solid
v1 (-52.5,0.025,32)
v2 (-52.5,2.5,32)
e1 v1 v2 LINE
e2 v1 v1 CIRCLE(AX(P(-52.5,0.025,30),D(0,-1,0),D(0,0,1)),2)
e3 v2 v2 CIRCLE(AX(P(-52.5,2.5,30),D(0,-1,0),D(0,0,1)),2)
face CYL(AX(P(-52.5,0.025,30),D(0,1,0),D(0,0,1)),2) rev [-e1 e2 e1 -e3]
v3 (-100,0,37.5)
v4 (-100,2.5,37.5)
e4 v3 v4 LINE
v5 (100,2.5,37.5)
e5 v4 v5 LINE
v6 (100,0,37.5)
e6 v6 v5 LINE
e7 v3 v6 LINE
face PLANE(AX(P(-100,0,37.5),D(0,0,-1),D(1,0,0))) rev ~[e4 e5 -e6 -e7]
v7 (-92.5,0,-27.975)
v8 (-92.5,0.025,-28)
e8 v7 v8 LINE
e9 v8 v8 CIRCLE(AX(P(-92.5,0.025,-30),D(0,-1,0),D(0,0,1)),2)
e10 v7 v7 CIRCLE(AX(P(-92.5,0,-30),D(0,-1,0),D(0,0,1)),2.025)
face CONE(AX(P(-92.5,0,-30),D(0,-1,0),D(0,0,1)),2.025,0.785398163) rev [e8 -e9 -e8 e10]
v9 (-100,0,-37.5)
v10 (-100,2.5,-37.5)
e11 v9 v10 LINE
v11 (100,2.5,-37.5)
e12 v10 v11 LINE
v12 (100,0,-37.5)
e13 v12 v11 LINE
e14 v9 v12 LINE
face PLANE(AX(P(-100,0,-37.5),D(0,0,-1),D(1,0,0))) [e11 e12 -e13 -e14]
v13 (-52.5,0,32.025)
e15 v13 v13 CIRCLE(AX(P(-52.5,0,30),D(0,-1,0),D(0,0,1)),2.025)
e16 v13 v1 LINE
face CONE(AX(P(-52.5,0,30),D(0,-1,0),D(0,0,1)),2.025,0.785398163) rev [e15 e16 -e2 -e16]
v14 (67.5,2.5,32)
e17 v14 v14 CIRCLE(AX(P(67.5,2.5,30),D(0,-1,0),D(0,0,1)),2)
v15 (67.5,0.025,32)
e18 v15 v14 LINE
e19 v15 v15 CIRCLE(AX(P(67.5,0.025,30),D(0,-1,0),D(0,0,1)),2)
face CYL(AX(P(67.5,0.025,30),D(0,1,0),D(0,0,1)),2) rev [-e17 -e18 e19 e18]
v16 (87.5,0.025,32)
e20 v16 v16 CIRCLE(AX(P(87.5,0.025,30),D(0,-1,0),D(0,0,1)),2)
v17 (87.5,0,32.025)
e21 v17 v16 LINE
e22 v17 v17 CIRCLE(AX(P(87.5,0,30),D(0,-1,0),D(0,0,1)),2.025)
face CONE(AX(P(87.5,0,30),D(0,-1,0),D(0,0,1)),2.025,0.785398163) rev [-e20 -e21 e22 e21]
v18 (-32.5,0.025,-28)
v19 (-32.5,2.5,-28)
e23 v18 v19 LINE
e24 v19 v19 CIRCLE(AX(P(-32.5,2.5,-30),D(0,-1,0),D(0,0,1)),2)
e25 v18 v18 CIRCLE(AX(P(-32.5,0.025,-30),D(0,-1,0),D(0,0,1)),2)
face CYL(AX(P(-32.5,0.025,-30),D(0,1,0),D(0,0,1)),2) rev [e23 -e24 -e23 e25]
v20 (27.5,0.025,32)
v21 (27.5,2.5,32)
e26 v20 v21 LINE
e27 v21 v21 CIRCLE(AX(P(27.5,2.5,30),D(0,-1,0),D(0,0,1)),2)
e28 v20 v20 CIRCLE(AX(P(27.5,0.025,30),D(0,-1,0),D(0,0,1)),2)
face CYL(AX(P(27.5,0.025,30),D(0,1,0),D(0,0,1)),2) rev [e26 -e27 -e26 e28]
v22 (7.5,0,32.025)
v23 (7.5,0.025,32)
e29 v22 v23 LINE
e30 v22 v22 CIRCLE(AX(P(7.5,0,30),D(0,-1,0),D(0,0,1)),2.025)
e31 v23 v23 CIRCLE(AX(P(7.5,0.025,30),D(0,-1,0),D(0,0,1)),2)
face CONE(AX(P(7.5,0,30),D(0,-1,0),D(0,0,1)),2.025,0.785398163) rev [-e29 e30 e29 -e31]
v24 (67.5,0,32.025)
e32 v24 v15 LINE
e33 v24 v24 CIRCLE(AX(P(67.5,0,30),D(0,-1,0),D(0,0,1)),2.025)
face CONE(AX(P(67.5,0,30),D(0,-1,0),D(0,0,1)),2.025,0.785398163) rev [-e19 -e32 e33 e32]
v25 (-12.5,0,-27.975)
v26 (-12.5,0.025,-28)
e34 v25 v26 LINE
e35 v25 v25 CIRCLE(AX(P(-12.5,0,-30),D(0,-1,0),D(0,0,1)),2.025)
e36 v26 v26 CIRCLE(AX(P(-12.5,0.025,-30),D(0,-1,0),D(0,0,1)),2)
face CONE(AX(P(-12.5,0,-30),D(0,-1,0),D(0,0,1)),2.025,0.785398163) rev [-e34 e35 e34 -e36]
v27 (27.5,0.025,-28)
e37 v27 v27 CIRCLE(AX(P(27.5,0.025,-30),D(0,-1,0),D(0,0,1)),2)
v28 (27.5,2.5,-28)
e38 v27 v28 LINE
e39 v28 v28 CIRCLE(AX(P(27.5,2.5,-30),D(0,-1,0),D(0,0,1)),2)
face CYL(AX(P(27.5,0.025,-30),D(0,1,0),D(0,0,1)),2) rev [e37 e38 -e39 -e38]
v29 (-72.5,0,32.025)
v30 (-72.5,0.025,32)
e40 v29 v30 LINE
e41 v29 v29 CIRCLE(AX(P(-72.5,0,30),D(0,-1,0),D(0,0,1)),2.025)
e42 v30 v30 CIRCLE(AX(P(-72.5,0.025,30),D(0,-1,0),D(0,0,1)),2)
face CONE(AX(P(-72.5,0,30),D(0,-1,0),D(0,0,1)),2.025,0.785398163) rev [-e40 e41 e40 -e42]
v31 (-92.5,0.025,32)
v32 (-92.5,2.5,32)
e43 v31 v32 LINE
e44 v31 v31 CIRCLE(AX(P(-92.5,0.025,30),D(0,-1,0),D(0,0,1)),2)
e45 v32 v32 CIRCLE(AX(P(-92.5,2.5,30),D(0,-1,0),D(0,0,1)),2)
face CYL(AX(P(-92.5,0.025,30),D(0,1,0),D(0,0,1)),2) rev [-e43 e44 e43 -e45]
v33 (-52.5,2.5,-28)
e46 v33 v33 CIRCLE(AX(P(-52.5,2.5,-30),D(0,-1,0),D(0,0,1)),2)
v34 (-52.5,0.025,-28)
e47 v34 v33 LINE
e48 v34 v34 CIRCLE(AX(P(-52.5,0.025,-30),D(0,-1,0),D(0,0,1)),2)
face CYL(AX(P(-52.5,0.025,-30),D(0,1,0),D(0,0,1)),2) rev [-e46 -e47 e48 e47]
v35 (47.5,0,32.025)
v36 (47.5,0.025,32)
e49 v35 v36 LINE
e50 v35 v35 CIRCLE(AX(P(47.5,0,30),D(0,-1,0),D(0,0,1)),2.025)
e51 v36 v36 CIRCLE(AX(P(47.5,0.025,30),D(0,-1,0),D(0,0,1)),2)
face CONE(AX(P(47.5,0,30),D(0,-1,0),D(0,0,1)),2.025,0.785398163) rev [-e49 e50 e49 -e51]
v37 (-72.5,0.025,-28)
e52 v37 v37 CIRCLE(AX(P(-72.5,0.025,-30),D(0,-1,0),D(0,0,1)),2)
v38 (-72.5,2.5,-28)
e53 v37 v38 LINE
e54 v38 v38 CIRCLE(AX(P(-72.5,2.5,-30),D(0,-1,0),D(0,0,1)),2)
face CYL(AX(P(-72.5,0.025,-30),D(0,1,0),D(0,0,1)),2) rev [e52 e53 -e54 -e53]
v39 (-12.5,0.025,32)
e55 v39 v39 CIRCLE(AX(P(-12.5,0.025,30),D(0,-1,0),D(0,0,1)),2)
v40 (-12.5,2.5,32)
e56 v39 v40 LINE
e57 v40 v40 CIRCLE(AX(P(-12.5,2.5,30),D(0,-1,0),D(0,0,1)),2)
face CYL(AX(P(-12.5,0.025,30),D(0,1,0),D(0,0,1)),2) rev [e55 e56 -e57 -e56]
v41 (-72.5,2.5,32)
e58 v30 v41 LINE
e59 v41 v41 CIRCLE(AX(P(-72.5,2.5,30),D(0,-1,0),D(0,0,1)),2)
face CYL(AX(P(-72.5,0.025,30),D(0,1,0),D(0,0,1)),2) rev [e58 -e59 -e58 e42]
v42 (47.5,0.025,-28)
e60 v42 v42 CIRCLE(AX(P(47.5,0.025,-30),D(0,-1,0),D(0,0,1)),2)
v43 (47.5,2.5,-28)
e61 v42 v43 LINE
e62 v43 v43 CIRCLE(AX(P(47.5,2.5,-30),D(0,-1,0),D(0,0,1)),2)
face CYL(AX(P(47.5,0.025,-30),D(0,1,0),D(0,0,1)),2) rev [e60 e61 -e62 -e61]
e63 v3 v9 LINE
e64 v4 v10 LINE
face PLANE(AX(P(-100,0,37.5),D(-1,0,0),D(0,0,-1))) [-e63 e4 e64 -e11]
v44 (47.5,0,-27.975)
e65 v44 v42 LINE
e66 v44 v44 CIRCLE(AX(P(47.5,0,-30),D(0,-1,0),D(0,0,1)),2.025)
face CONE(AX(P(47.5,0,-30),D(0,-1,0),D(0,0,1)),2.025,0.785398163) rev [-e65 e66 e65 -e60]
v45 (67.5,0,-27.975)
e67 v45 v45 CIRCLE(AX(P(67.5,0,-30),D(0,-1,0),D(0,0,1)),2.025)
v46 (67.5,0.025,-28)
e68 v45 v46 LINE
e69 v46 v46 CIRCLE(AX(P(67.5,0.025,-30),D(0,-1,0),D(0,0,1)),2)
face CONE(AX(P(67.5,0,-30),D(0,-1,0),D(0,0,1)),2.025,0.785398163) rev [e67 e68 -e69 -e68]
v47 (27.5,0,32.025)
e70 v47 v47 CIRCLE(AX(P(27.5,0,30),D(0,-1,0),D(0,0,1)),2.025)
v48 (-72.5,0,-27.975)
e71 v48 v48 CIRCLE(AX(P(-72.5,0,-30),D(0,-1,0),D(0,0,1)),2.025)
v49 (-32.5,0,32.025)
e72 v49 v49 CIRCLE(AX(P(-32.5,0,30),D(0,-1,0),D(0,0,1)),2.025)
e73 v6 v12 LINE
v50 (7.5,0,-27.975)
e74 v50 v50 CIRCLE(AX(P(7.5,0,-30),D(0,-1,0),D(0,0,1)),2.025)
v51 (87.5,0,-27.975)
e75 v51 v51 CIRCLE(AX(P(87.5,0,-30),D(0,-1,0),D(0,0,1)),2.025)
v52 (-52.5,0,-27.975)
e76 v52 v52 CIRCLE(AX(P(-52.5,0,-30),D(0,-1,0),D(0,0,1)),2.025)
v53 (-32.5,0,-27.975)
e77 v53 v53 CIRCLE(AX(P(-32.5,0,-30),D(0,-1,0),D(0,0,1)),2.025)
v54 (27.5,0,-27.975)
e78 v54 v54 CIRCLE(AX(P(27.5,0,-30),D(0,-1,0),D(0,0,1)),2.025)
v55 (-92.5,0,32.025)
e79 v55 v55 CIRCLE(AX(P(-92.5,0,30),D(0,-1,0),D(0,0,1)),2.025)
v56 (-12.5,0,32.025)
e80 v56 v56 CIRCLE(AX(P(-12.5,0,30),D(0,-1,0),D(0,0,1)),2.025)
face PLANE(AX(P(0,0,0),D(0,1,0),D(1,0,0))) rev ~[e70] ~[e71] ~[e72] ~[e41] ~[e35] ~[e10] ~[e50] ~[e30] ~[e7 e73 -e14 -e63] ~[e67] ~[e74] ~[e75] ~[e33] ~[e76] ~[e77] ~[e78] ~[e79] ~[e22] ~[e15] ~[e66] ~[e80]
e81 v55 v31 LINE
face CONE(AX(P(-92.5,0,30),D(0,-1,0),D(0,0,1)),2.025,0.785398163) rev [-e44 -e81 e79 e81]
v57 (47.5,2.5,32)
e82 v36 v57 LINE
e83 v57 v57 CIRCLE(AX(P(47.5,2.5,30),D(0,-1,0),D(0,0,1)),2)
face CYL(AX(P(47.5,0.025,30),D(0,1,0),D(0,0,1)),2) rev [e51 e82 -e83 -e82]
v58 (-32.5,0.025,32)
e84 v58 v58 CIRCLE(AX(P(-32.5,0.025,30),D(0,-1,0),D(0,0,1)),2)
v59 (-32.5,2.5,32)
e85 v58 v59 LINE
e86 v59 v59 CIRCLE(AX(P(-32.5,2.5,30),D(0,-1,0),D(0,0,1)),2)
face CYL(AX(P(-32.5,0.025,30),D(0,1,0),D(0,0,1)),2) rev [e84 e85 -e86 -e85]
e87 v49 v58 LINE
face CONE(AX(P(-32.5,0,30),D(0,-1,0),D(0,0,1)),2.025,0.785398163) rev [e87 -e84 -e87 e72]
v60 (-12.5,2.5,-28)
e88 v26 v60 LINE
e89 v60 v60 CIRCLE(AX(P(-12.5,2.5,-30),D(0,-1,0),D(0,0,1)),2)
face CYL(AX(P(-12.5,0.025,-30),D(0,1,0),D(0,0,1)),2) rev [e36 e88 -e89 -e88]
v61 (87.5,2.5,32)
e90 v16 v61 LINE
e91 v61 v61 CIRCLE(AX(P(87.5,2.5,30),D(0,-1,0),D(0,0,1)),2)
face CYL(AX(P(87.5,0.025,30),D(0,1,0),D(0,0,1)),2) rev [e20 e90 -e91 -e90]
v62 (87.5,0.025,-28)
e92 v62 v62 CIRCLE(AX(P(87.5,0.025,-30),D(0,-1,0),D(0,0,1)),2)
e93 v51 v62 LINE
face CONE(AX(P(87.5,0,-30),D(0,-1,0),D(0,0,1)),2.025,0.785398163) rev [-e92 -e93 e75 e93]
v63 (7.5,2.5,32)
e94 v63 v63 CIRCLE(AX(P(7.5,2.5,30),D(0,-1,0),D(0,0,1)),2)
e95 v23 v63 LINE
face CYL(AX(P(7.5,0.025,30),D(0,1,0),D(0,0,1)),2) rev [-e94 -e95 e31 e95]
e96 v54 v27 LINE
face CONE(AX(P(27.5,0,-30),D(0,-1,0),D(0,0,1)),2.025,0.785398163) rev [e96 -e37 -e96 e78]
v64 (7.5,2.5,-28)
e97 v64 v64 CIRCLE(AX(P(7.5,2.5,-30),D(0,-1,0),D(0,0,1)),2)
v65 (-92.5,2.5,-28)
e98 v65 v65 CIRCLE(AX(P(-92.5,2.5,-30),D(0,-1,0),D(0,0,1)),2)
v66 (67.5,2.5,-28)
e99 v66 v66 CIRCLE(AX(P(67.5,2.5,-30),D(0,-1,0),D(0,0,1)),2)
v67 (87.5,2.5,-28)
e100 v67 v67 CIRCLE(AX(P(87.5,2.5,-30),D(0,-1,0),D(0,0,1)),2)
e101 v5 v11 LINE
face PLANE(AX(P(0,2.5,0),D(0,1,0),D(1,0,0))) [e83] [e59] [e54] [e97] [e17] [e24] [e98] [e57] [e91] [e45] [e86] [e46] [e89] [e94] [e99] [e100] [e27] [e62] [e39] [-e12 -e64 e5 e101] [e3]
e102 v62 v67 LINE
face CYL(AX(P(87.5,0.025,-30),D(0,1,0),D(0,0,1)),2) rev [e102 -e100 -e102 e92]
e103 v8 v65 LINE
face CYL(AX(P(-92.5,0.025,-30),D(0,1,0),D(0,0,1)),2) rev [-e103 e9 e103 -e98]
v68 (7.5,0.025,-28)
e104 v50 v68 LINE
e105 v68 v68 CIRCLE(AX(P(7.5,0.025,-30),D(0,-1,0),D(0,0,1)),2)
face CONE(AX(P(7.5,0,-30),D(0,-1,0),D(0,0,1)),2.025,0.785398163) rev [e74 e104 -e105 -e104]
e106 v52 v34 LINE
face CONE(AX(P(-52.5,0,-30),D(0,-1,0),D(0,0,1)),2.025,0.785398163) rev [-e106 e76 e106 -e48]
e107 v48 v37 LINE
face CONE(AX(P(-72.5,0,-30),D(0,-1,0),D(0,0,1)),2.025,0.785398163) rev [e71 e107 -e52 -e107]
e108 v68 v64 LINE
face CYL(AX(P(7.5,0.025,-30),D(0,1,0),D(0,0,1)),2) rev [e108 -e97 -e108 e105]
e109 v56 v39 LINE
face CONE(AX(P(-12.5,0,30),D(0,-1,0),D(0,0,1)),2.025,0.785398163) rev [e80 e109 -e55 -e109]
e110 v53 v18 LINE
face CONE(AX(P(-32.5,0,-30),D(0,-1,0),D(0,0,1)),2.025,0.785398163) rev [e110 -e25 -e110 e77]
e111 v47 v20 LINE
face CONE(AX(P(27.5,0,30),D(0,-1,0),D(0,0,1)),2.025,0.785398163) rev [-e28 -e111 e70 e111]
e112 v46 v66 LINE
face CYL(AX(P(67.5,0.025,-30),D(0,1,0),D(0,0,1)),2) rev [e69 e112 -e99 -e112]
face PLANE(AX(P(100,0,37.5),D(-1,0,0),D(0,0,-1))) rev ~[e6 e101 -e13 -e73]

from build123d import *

# Parameters (mm, degrees)
SKETCH1_W                      = 200
SKETCH1_H                      = 75
BOSS_EXTRUDE1_DEPTH            = 2.5
F_4_0MM_DOWEL_HOLE1_AT_2_COUNT = 2
F_4_0MM_DOWEL_HOLE1_AT_2_PITCH = 60
LPATTERN1_COUNT                = 10
LPATTERN1_PITCH                = 20


with BuildPart() as part:
    # Sketch1 → Boss-Extrude1 (new body)
    with BuildSketch(Plane(origin=(0, 0, 0), x_dir=(1, 0, 0), z_dir=(0, 1, 0))):
        Rectangle(SKETCH1_W, SKETCH1_H)
    extrude(amount=BOSS_EXTRUDE1_DEPTH)

    # Sketch4 → Ø4.0mm Dowel Hole1 (revolve, cut)
    with BuildSketch(Plane(origin=(-92.5, 2.5, -30), x_dir=(0, 0, 1), z_dir=(1, 0, 0))):
        Polygon((0, 0), (0, 2.5), (2.025, 2.5), (2, 2.475), (2, 0), align=None)
    f_4_0mm_dowel_hole1 = revolve(axis=Axis((-92.5, 8.85, -30), (0, -1, 0)), mode=Mode.SUBTRACT)

    # Ø4.0mm Dowel Hole1 at 2: Ø4.0mm Dowel Hole1 ×2
    with Locations(*[(0, 0, i * F_4_0MM_DOWEL_HOLE1_AT_2_PITCH) for i in range(1, F_4_0MM_DOWEL_HOLE1_AT_2_COUNT)]):
        add(f_4_0mm_dowel_hole1, mode=Mode.SUBTRACT)

    # LPattern1: Ø4.0mm Dowel Hole1 ×10
    with Locations(*[(i * LPATTERN1_PITCH, 0, 0) for i in range(1, LPATTERN1_COUNT)]):
        add(f_4_0mm_dowel_hole1, mode=Mode.SUBTRACT)

    # LPattern1 copy 1 sketch → LPattern1 copy 1 (revolve, cut)
    with BuildSketch(Plane(origin=(-72.5, 2.5, 30), x_dir=(0, 0, 1), z_dir=(1, 0, 0))):
        Polygon((0, 0), (0, 2.5), (2.025, 2.5), (2, 2.475), (2, 0), align=None)
    revolve(axis=Axis((-72.5, 8.85, 30), (0, -1, 0)), mode=Mode.SUBTRACT)

    # LPattern1 copy 2 sketch → LPattern1 copy 2 (revolve, cut)
    with BuildSketch(Plane(origin=(-52.5, 2.5, 30), x_dir=(0, 0, 1), z_dir=(1, 0, 0))):
        Polygon((0, 0), (0, 2.5), (2.025, 2.5), (2, 2.475), (2, 0), align=None)
    revolve(axis=Axis((-52.5, 8.85, 30), (0, -1, 0)), mode=Mode.SUBTRACT)

    # LPattern1 copy 3 sketch → LPattern1 copy 3 (revolve, cut)
    with BuildSketch(Plane(origin=(-32.5, 2.5, 30), x_dir=(0, 0, 1), z_dir=(1, 0, 0))):
        Polygon((0, 0), (0, 2.5), (2.025, 2.5), (2, 2.475), (2, 0), align=None)
    revolve(axis=Axis((-32.5, 8.85, 30), (0, -1, 0)), mode=Mode.SUBTRACT)

    # LPattern1 copy 4 sketch → LPattern1 copy 4 (revolve, cut)
    with BuildSketch(Plane(origin=(-12.5, 2.5, 30), x_dir=(0, 0, 1), z_dir=(1, 0, 0))):
        Polygon((0, 0), (0, 2.5), (2.025, 2.5), (2, 2.475), (2, 0), align=None)
    revolve(axis=Axis((-12.5, 8.85, 30), (0, -1, 0)), mode=Mode.SUBTRACT)

    # LPattern1 copy 5 sketch → LPattern1 copy 5 (revolve, cut)
    with BuildSketch(Plane(origin=(7.5, 2.5, 30), x_dir=(0, 0, 1), z_dir=(1, 0, 0))):
        Polygon((0, 0), (0, 2.5), (2.025, 2.5), (2, 2.475), (2, 0), align=None)
    revolve(axis=Axis((7.5, 8.85, 30), (0, -1, 0)), mode=Mode.SUBTRACT)

    # LPattern1 copy 6 sketch → LPattern1 copy 6 (revolve, cut)
    with BuildSketch(Plane(origin=(27.5, 2.5, 30), x_dir=(0, 0, 1), z_dir=(1, 0, 0))):
        Polygon((0, 0), (0, 2.5), (2.025, 2.5), (2, 2.475), (2, 0), align=None)
    revolve(axis=Axis((27.5, 8.85, 30), (0, -1, 0)), mode=Mode.SUBTRACT)

    # LPattern1 copy 7 sketch → LPattern1 copy 7 (revolve, cut)
    with BuildSketch(Plane(origin=(47.5, 2.5, 30), x_dir=(0, 0, 1), z_dir=(1, 0, 0))):
        Polygon((0, 0), (0, 2.5), (2.025, 2.5), (2, 2.475), (2, 0), align=None)
    revolve(axis=Axis((47.5, 8.85, 30), (0, -1, 0)), mode=Mode.SUBTRACT)

    # LPattern1 copy 8 sketch → LPattern1 copy 8 (revolve, cut)
    with BuildSketch(Plane(origin=(67.5, 2.5, 30), x_dir=(0, 0, 1), z_dir=(1, 0, 0))):
        Polygon((0, 0), (0, 2.5), (2.025, 2.5), (2, 2.475), (2, 0), align=None)
    revolve(axis=Axis((67.5, 8.85, 30), (0, -1, 0)), mode=Mode.SUBTRACT)

    # LPattern1 copy 9 sketch → LPattern1 copy 9 (revolve, cut)
    with BuildSketch(Plane(origin=(87.5, 2.5, 30), x_dir=(0, 0, 1), z_dir=(1, 0, 0))):
        Polygon((0, 0), (0, 2.5), (2.025, 2.5), (2, 2.475), (2, 0), align=None)
    revolve(axis=Axis((87.5, 8.85, 30), (0, -1, 0)), mode=Mode.SUBTRACT)


solid = part.part
